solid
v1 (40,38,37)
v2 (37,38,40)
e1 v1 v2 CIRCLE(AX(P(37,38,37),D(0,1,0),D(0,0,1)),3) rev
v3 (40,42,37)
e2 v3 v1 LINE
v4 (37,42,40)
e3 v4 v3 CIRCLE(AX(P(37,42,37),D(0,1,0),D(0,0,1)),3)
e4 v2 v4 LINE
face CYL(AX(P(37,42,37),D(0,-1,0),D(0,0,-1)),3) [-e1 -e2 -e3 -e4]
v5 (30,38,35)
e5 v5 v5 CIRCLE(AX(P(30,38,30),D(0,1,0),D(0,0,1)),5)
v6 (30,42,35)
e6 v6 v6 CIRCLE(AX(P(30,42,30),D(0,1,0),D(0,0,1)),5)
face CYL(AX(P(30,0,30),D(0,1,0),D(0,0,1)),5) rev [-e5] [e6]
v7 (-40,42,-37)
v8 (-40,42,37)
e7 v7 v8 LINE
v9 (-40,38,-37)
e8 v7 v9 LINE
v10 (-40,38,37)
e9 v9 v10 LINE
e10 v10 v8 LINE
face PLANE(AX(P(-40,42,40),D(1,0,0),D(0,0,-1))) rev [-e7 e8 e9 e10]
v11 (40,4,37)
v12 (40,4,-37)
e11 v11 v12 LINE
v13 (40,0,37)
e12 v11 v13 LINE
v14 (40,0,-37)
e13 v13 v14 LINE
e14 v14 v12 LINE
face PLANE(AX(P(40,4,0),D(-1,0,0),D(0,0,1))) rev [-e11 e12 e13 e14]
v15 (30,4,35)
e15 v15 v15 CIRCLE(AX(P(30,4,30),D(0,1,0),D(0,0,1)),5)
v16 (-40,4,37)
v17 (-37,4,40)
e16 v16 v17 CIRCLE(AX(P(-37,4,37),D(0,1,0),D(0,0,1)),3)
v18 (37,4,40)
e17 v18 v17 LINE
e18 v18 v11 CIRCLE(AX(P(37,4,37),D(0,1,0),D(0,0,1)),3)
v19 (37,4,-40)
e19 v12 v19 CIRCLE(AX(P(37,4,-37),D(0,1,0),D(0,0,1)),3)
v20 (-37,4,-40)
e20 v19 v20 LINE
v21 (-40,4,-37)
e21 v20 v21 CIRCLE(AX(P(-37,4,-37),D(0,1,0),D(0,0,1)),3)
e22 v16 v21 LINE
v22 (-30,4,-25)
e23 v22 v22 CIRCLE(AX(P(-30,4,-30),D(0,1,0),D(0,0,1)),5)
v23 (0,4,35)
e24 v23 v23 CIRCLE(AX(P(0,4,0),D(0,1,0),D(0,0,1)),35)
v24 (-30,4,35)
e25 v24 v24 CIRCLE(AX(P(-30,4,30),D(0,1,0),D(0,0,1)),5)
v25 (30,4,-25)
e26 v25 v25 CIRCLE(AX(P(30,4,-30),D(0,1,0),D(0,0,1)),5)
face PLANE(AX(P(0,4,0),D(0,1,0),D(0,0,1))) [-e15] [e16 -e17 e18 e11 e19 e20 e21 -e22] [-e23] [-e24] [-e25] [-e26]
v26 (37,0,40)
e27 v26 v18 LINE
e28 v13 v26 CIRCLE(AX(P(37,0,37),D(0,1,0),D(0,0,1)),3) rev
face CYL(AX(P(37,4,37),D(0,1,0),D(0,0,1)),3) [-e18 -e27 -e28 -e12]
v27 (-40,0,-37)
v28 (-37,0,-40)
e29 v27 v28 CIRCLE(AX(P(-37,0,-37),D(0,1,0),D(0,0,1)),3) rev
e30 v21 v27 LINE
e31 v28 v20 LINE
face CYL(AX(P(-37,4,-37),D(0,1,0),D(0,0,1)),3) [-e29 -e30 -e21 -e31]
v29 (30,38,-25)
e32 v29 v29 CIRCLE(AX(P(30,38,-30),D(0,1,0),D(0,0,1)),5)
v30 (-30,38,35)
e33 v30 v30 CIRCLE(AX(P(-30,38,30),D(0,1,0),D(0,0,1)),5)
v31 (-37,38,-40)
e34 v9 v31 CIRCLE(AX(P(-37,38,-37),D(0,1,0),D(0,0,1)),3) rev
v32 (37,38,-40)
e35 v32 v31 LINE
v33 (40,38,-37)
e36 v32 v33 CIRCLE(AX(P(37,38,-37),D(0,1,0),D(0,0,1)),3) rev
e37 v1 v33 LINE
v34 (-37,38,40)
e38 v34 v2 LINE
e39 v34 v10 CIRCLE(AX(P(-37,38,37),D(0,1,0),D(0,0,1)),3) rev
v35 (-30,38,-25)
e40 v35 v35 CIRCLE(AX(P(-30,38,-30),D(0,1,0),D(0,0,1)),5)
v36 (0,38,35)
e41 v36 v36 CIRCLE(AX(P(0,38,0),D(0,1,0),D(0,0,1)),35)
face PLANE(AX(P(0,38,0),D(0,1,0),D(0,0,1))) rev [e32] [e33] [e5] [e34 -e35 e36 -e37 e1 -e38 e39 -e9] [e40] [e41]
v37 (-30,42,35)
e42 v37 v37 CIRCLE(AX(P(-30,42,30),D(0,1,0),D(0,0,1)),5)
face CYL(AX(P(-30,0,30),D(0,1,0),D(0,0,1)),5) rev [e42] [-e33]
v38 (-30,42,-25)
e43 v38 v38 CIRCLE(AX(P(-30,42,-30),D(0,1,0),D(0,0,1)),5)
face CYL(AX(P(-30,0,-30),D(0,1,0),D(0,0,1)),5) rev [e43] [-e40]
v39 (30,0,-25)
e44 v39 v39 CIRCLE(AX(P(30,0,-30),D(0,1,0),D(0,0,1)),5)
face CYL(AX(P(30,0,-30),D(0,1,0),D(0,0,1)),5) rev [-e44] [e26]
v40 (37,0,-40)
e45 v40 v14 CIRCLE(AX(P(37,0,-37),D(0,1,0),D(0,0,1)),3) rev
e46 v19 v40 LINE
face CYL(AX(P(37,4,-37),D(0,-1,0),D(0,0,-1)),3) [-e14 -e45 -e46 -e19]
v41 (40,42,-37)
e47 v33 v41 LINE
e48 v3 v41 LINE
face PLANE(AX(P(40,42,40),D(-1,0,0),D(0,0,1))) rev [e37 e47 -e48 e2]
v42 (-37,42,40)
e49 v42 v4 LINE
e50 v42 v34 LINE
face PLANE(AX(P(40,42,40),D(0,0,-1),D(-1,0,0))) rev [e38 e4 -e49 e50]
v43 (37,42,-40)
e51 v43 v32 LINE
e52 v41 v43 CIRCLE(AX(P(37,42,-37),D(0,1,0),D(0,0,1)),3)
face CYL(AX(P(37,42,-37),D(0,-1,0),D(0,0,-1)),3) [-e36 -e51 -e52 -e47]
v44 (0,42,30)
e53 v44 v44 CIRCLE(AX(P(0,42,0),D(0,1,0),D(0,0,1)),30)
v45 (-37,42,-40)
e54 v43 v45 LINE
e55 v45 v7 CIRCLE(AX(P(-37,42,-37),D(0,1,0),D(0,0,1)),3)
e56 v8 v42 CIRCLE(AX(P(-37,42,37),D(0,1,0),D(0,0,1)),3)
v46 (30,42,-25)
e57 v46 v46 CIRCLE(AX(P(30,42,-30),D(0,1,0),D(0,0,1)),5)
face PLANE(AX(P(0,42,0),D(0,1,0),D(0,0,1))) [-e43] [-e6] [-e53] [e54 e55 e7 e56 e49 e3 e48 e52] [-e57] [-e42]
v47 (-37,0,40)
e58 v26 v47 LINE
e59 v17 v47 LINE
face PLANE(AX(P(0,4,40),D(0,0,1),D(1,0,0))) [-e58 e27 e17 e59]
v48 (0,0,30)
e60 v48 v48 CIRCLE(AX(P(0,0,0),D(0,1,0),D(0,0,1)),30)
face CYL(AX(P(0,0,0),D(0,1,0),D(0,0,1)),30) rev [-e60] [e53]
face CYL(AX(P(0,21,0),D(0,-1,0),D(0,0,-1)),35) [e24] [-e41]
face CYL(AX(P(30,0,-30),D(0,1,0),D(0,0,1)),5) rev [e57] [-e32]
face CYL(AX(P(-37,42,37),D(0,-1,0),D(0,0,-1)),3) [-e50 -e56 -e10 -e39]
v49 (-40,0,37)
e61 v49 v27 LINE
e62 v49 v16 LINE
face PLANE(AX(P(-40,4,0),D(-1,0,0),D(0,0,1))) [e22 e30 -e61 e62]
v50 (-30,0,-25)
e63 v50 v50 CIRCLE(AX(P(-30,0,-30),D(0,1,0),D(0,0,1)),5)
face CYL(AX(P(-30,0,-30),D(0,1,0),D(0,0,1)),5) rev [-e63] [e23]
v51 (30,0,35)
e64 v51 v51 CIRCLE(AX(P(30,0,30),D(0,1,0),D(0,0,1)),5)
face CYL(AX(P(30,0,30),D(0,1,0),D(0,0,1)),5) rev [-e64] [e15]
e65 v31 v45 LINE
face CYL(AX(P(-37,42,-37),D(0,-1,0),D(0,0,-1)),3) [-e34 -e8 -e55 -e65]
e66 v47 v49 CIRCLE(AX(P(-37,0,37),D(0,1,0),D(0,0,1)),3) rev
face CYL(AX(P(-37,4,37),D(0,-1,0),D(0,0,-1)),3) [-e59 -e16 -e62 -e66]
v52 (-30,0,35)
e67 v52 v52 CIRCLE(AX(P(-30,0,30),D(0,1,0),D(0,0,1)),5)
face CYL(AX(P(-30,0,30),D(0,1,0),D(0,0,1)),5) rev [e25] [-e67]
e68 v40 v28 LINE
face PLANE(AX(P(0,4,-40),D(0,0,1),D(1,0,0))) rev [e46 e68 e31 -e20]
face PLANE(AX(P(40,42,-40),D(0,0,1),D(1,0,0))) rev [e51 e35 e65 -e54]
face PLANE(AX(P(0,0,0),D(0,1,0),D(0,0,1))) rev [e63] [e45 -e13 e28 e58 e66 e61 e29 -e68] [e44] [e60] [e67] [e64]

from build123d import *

# Parameters (mm, degrees)
SKETCH1_W           = 80
SKETCH1_H           = 80
BOSS_EXTRUDE1_DEPTH = 4
FILLET3_R           = 3
FILLET2_R           = 3
SKETCH3_R           = 35
BOSS_EXTRUDE3_DEPTH = 17
SKETCH4_W           = 80
SKETCH4_H           = 80
BOSS_EXTRUDE4_DEPTH = 4
FILLET4_R           = 3
SKETCH5_R           = 30
CUT_EXTRUDE1_DEPTH  = 71.455659815
SKETCH6_R           = 5
CUT_EXTRUDE2_DEPTH  = 71.455659815


with BuildPart() as part:
    # Sketch1 → Boss-Extrude1 (new body)
    with BuildSketch(Plane(origin=(0, 0, 0), x_dir=(1, 0, 0), z_dir=(0, 1, 0))):
        Rectangle(SKETCH1_W, SKETCH1_H)
    extrude(amount=BOSS_EXTRUDE1_DEPTH)

    # Fillet3
    fillet3_edges = [part.edges().sort_by_distance(p)[0] for p in [
        (40, 2, 40),
    ]]
    fillet(fillet3_edges, radius=FILLET3_R)

    # Fillet2
    fillet2_edges = [part.edges().sort_by_distance(p)[0] for p in [
        (-40, 2, -40),
        (40, 2, -40),
        (-40, 2, 40),
    ]]
    fillet(fillet2_edges, radius=FILLET2_R)

    # Sketch3 → Boss-Extrude3 (add)
    with BuildSketch(Plane(origin=(0, 4, 0), x_dir=(1, 0, 0), z_dir=(0, 1, 0))):
        with Locations(Location((0, 0, 0), (0, 0, 270))):
            Circle(SKETCH3_R)
    boss_extrude3 = extrude(amount=BOSS_EXTRUDE3_DEPTH)

    # Mirror1: Boss-Extrude3 across plane
    add(boss_extrude3.mirror(Plane.ZX.offset(21)))

    # Sketch4 → Boss-Extrude4 (add)
    with BuildSketch(Plane(origin=(0, 38, 0), x_dir=(1, 0, 0), z_dir=(0, 1, 0))):
        Rectangle(SKETCH4_W, SKETCH4_H)
    extrude(amount=BOSS_EXTRUDE4_DEPTH)

    # Fillet4
    fillet4_edges = [part.edges().sort_by_distance(p)[0] for p in [
        (-40, 40, -40),
        (-40, 40, 40),
        (40, 40, 40),
        (40, 40, -40),
    ]]
    fillet(fillet4_edges, radius=FILLET4_R)

    # Sketch5 → Cut-Extrude1 (cut, through all)
    with BuildSketch(Plane(origin=(0, 42, 0), x_dir=(1, 0, 0), z_dir=(0, 1, 0))):
        with Locations(Location((0, 0, 0), (0, 0, 270))):
            Circle(SKETCH5_R)
    extrude(amount=-CUT_EXTRUDE1_DEPTH, mode=Mode.SUBTRACT)

    # Sketch6 → Cut-Extrude2 (cut, through all)
    with BuildSketch(Plane(origin=(0, 42, 0), x_dir=(1, 0, 0), z_dir=(0, 1, 0))):
        with Locations(Location((30, 30, 0), (0, 0, 270))):
            Circle(SKETCH6_R)
        with Locations(Location((30, -30, 0), (0, 0, 270))):
            Circle(SKETCH6_R)
        with Locations(Location((-30, -30, 0), (0, 0, 270))):
            Circle(SKETCH6_R)
        with Locations(Location((-30, 30, 0), (0, 0, 270))):
            Circle(SKETCH6_R)
    extrude(amount=-CUT_EXTRUDE2_DEPTH, mode=Mode.SUBTRACT)


solid = part.part
